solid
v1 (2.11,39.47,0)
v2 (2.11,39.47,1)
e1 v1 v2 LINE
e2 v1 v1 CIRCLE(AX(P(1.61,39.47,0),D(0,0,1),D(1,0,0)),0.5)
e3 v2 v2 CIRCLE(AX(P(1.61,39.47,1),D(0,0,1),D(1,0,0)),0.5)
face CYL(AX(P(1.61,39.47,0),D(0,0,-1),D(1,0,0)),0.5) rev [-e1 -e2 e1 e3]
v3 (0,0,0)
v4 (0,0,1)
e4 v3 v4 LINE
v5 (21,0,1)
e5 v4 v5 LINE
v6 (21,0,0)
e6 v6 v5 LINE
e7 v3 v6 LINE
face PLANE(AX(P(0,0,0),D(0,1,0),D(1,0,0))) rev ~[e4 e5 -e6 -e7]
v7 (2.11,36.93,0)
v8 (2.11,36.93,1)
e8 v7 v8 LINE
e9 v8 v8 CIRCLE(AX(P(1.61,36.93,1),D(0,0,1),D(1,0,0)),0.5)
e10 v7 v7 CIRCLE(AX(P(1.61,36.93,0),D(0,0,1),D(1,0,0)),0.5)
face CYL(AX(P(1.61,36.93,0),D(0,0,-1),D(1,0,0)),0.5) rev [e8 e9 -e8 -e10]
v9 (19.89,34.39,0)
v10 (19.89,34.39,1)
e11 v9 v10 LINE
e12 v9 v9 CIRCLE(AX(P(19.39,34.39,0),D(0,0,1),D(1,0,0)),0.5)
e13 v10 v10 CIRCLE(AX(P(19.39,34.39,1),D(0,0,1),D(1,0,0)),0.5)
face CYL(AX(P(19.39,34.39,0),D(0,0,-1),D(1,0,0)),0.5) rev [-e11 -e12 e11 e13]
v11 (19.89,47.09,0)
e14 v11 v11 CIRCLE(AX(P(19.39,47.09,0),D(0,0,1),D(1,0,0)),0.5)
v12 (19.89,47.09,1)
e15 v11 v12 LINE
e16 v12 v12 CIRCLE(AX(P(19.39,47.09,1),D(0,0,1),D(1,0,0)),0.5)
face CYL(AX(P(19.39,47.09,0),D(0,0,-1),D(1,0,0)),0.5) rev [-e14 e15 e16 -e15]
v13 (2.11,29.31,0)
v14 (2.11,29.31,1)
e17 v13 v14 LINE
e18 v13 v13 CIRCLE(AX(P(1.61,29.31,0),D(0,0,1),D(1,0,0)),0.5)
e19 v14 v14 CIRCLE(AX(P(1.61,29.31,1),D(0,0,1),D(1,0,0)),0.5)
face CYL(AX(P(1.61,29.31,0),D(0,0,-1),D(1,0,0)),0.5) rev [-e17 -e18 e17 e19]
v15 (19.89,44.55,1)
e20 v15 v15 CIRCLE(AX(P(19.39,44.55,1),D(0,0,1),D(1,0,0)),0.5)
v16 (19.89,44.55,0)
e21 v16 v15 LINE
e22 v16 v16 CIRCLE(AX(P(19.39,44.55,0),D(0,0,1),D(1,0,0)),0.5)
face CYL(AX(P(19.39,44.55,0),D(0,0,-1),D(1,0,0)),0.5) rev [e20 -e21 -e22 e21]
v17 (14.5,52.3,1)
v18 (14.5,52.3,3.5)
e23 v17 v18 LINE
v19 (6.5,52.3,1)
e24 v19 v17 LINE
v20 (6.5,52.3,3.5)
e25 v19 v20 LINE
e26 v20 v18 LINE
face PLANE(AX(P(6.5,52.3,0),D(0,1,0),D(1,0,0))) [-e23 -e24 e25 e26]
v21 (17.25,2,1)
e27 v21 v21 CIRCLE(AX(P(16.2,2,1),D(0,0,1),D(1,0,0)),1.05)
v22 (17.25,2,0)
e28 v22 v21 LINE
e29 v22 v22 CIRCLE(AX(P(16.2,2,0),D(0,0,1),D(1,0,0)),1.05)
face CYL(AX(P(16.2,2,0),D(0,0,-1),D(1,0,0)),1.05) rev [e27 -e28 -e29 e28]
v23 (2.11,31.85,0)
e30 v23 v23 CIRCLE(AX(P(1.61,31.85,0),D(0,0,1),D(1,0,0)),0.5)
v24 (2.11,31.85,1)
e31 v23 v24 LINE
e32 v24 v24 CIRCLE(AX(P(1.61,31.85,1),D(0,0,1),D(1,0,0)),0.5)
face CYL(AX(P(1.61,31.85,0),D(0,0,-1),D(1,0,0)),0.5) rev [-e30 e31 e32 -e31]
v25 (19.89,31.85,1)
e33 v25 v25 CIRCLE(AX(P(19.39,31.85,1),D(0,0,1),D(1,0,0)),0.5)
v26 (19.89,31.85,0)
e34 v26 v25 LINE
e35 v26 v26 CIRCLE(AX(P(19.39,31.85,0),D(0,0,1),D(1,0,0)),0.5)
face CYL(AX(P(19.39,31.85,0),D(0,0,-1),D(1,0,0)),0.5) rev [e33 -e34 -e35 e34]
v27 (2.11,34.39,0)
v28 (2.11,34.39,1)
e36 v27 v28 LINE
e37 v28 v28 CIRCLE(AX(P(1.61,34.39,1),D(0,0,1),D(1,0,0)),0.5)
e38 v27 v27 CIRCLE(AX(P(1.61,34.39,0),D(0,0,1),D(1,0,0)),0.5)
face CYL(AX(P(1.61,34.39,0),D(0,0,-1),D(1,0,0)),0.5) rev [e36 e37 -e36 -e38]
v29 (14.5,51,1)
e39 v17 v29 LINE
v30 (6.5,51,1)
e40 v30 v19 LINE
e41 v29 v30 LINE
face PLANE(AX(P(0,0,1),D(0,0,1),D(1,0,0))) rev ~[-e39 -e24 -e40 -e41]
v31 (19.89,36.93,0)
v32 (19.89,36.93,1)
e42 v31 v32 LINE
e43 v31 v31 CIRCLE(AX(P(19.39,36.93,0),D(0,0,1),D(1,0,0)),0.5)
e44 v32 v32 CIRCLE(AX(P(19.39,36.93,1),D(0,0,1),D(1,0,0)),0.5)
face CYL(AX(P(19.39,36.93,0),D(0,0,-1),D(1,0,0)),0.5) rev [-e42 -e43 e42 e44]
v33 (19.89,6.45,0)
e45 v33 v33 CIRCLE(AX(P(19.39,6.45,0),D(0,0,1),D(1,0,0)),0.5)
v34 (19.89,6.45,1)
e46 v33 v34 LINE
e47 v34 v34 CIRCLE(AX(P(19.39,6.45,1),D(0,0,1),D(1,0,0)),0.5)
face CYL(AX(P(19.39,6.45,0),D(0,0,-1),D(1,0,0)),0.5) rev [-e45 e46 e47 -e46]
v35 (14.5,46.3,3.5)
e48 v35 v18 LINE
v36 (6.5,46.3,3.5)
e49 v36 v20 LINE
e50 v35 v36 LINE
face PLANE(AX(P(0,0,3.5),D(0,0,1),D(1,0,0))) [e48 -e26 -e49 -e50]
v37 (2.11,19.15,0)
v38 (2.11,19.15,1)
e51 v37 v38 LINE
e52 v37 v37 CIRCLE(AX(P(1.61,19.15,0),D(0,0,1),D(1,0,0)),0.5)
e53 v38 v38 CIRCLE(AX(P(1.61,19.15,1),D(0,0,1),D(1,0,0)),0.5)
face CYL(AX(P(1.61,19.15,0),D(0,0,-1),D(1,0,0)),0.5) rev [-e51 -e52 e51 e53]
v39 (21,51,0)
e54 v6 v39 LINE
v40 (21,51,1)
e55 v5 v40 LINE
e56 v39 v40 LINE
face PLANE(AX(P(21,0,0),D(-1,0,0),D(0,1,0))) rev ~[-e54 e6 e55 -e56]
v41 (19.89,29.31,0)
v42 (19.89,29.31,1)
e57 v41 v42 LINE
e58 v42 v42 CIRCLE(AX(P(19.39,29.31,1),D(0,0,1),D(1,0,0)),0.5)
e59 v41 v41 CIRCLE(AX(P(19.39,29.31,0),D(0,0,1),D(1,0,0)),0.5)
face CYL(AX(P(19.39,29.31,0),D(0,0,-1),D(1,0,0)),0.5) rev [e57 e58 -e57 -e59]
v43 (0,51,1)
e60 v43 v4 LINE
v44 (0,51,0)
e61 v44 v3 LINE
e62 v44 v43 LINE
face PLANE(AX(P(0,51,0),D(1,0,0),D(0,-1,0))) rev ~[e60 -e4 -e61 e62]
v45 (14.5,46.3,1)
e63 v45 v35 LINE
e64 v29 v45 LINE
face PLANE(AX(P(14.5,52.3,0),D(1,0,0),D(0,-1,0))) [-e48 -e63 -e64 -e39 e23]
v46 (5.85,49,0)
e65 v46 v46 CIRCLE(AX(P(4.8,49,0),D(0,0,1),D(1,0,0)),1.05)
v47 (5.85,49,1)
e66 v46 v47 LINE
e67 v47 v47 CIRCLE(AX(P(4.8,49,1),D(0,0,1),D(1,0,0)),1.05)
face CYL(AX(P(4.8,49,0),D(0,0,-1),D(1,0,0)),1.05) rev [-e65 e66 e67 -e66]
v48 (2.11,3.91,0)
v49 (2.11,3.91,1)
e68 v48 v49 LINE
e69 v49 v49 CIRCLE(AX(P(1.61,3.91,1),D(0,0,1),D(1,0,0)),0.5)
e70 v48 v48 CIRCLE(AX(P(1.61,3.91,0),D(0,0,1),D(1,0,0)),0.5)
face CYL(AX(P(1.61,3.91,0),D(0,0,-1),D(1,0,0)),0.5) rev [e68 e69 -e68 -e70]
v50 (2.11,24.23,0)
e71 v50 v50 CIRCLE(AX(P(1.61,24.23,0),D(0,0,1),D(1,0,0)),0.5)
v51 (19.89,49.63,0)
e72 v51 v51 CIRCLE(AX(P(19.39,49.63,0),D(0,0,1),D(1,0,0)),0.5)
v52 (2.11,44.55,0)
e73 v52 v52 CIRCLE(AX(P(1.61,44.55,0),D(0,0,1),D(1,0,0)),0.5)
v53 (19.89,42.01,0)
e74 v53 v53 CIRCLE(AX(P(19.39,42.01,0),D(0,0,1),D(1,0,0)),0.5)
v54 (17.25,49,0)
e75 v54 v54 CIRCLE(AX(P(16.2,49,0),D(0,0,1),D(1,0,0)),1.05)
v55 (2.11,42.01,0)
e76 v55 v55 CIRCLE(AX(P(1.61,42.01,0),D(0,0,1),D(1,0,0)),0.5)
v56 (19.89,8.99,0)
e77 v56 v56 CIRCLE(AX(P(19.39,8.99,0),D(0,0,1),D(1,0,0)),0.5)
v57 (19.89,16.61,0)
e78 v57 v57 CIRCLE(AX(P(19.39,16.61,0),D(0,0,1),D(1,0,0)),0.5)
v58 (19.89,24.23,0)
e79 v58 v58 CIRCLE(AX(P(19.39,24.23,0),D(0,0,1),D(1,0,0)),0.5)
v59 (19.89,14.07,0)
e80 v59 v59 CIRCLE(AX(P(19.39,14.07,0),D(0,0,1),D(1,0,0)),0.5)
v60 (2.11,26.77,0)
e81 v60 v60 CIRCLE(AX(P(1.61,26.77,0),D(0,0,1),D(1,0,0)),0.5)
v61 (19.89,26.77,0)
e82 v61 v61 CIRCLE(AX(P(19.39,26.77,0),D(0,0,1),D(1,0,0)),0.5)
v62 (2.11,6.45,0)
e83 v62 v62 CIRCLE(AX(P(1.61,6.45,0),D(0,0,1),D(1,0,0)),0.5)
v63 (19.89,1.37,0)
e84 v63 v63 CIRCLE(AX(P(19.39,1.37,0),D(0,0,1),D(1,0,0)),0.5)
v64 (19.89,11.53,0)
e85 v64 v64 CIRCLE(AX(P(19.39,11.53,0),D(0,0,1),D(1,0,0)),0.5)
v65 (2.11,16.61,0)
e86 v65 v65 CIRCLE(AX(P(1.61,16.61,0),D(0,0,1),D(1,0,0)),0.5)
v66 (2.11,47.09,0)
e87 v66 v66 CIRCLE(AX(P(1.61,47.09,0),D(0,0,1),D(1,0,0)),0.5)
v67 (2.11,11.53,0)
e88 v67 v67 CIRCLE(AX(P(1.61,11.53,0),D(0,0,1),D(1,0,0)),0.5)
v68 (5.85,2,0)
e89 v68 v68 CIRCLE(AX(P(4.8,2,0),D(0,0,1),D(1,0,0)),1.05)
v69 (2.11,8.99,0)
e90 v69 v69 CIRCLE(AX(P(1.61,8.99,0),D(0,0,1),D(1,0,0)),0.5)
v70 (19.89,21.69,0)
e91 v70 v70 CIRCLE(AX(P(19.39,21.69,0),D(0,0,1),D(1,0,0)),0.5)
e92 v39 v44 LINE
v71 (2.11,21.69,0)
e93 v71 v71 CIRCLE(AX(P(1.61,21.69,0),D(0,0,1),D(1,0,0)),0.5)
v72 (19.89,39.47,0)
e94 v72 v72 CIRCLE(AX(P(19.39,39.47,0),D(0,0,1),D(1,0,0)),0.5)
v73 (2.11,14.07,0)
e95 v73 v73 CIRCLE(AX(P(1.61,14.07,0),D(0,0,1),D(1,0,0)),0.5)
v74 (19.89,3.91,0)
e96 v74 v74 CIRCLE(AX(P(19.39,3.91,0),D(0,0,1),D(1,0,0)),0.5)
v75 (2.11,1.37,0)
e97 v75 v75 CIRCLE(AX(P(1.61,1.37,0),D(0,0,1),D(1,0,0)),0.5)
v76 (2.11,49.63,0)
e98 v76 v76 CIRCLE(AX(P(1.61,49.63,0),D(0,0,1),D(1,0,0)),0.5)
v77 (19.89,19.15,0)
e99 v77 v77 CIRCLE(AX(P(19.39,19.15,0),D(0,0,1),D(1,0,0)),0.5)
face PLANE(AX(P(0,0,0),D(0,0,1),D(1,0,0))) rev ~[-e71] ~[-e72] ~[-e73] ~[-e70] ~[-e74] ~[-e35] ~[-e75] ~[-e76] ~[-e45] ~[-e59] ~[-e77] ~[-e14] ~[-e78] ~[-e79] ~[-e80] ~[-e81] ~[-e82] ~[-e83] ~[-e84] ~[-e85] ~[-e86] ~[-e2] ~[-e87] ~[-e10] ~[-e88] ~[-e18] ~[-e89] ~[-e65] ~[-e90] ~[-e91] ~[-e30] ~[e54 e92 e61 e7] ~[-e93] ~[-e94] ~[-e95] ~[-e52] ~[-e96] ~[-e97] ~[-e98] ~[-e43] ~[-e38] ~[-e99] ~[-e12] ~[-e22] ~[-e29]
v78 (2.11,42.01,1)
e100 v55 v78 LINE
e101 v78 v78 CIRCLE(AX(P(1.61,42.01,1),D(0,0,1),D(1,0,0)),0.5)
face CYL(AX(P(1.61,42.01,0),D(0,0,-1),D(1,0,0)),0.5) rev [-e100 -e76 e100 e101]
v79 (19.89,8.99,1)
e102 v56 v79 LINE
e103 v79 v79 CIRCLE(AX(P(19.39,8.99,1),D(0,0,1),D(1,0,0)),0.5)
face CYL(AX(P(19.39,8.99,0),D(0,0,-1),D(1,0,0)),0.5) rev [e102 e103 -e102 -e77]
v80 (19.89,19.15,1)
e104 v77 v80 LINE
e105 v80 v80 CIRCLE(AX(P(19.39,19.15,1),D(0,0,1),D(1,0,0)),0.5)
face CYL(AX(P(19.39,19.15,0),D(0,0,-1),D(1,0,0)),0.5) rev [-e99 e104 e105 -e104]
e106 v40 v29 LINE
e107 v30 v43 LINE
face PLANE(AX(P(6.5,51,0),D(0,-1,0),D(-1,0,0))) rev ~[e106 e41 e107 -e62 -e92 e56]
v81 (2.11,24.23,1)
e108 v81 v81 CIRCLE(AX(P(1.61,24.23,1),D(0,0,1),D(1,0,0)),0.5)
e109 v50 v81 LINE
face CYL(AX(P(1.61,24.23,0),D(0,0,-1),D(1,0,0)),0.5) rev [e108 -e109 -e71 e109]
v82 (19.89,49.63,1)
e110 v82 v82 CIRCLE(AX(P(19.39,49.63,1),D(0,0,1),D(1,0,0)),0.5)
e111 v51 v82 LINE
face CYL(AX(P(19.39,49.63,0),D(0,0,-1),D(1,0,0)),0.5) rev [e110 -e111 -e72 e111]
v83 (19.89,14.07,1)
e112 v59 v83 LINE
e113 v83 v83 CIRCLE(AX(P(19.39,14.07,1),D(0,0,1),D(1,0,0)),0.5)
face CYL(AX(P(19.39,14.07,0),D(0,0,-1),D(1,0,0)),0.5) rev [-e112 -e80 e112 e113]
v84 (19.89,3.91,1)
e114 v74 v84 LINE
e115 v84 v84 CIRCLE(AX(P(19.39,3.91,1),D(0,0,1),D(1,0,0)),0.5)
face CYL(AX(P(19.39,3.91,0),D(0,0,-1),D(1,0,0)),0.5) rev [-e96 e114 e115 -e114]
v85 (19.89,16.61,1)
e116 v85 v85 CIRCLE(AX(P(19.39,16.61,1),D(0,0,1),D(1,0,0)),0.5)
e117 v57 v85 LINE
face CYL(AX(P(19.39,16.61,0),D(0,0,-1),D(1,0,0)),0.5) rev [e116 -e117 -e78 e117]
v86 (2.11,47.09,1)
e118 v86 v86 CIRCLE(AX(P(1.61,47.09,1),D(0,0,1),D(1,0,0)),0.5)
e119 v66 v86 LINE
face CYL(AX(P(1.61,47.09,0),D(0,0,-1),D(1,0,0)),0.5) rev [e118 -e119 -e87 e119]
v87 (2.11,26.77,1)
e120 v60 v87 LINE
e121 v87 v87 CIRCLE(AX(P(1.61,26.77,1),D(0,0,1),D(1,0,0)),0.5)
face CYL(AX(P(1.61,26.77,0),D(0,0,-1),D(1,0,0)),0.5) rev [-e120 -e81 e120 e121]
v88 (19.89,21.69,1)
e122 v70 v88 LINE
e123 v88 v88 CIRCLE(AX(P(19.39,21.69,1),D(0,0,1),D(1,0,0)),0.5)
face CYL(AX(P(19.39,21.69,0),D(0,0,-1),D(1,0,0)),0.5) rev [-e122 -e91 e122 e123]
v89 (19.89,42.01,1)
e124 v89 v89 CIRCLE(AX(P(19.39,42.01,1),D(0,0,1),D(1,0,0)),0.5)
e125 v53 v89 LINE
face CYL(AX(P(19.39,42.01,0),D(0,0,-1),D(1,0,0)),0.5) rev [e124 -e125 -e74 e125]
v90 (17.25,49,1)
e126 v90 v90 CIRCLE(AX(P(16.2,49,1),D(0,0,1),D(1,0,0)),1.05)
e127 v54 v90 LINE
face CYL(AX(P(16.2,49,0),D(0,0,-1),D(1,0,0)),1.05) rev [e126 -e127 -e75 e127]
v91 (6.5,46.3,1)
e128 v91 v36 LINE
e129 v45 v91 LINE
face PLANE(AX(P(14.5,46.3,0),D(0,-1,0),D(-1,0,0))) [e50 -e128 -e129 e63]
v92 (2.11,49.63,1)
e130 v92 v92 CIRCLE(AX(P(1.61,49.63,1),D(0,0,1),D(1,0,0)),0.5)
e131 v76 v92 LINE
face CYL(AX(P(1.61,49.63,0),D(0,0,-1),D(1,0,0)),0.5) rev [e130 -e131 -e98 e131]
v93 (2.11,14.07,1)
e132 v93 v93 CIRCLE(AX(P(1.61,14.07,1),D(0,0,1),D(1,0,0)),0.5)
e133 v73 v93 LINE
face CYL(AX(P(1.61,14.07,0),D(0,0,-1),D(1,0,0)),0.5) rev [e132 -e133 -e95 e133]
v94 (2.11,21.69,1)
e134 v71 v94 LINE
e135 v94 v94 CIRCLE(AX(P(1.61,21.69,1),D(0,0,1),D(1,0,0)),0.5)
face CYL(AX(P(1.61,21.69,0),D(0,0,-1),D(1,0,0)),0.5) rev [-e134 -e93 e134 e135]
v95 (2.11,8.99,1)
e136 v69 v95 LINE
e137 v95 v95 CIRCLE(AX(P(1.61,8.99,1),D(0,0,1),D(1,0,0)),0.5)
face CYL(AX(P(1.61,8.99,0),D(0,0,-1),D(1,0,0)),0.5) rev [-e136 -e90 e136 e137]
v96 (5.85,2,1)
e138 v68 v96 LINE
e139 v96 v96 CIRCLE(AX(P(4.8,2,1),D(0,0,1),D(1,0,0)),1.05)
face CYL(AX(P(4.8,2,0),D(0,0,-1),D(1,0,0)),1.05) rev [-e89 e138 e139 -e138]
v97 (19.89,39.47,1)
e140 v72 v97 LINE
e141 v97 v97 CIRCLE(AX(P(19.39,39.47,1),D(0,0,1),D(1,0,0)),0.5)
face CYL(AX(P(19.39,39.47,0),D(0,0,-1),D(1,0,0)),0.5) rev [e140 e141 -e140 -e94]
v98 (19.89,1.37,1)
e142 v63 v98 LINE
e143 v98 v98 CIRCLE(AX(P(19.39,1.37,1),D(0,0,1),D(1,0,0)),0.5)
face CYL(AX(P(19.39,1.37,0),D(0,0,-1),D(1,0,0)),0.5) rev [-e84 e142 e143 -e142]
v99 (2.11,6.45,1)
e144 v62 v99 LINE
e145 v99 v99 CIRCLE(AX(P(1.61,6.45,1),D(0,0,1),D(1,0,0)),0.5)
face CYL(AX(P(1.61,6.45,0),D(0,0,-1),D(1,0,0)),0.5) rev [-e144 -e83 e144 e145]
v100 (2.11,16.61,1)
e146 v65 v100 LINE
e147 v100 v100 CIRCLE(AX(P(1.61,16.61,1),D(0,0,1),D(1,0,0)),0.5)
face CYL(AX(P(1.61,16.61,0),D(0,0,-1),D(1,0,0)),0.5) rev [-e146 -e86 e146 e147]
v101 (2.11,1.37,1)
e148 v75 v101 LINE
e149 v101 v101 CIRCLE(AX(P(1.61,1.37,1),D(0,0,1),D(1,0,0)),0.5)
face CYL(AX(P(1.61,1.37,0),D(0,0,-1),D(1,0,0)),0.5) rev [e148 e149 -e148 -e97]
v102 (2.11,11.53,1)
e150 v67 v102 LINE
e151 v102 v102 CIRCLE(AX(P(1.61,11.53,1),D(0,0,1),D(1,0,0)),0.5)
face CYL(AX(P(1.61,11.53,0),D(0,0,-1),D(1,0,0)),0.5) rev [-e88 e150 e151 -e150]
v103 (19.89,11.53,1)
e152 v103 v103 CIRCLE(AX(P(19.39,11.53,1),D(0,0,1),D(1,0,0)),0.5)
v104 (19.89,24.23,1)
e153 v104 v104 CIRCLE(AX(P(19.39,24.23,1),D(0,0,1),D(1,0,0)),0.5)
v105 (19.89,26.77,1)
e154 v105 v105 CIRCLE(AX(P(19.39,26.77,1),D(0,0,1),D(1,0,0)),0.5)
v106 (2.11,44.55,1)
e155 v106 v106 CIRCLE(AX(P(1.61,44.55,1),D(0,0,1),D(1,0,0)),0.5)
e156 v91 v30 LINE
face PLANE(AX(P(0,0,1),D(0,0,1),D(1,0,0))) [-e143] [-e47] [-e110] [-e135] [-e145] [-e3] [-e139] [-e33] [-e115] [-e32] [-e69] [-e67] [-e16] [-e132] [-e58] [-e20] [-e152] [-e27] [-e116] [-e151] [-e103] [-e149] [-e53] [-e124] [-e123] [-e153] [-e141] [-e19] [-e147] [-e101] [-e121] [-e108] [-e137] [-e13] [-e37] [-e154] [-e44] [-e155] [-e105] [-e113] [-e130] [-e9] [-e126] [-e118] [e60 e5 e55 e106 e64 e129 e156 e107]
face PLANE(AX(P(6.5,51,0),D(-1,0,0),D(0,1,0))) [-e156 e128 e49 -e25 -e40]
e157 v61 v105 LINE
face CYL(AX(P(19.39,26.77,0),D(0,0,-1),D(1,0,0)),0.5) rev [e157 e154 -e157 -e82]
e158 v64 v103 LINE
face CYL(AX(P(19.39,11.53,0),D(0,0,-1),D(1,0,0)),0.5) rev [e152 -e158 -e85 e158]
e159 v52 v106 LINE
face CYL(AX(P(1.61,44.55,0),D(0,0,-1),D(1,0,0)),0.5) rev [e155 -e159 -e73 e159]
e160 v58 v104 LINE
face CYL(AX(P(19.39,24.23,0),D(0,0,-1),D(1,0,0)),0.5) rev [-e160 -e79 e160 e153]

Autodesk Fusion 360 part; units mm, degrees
sketch "Skizze1" plane through (0, 0, 0) normal (0, 0, 1) x (1, 0, 0)
  line L0 (0, 0) -> (21, 0)
  line L1 (21, 0) -> (21, 51)
  line L2 (21, 51) -> (0, 51)
  line L3 (0, 51) -> (0, 0)
  circle A0 centre (4.8, 49) radius 1.05
  circle A1 centre (16.2, 49) radius 1.05
  circle A2 centre (4.8, 2) radius 1.05
  circle A3 centre (16.2, 2) radius 1.05
  line L4 (6.5, 52.3) -> (14.5, 52.3)
  line L5 (14.5, 52.3) -> (14.5, 46.3)
  line L6 (14.5, 46.3) -> (6.5, 46.3)
  line L7 (6.5, 46.3) -> (6.5, 52.3)
  circle A4 centre (1.61, 49.63) radius 0.5
  circle A5 centre (19.39, 49.63) radius 0.5
  circle A6 centre (1.61, 47.09) radius 0.5
  circle A7 centre (19.39, 47.09) radius 0.5
  circle A8 centre (1.61, 44.55) radius 0.5
  circle A9 centre (19.39, 44.55) radius 0.5
  circle A10 centre (1.61, 42.01) radius 0.5
  circle A11 centre (19.39, 42.01) radius 0.5
  circle A12 centre (1.61, 39.47) radius 0.5
  circle A13 centre (19.39, 39.47) radius 0.5
  circle A14 centre (1.61, 36.93) radius 0.5
  circle A15 centre (19.39, 36.93) radius 0.5
  circle A16 centre (1.61, 34.39) radius 0.5
  circle A17 centre (19.39, 34.39) radius 0.5
  circle A18 centre (1.61, 31.85) radius 0.5
  circle A19 centre (19.39, 31.85) radius 0.5
  circle A20 centre (1.61, 29.31) radius 0.5
  circle A21 centre (19.39, 29.31) radius 0.5
  circle A22 centre (1.61, 26.77) radius 0.5
  circle A23 centre (19.39, 26.77) radius 0.5
  circle A24 centre (1.61, 24.23) radius 0.5
  circle A25 centre (19.39, 24.23) radius 0.5
  circle A26 centre (1.61, 21.69) radius 0.5
  circle A27 centre (19.39, 21.69) radius 0.5
  circle A28 centre (1.61, 19.15) radius 0.5
  circle A29 centre (19.39, 19.15) radius 0.5
  circle A30 centre (1.61, 16.61) radius 0.5
  circle A31 centre (19.39, 16.61) radius 0.5
  circle A32 centre (1.61, 14.07) radius 0.5
  circle A33 centre (19.39, 14.07) radius 0.5
  circle A34 centre (1.61, 11.53) radius 0.5
  circle A35 centre (19.39, 11.53) radius 0.5
  circle A36 centre (1.61, 8.99) radius 0.5
  circle A37 centre (19.39, 8.99) radius 0.5
  circle A38 centre (1.61, 6.45) radius 0.5
  circle A39 centre (19.39, 6.45) radius 0.5
  circle A40 centre (1.61, 3.91) radius 0.5
  circle A41 centre (19.39, 3.91) radius 0.5
  circle A42 centre (1.61, 1.37) radius 0.5
  circle A43 centre (19.39, 1.37) radius 0.5
  dimension "d1" = 21
  dimension "d2" = 51
  dimension "d3" = 2.1
  dimension "d4" = 4.8
  dimension "d5" = 2
  dimension "d8" = 11.4
  dimension "d9" = -47
  dimension "d10" = 8
  dimension "d11" = 6
  dimension "d12" = 1.3
  dimension "d13" = 6.5
  dimension "d20" = 1
  dimension "d21" = 1.37
  dimension "d22" = 1.61
  dimension "d25" = 17.78
  dimension "d26" = -2.54
extrude "Extrusion4" add sketch "Skizze1" along normal blind 1 contours L0 L1 L2 L3 L5 L6 L7
extrude "Extrusion2" add sketch "Skizze1" along normal blind 3.5 contours L2 L4 L5 L7 | L2 L5 L6 L7
extrude "Extrusion3" cut sketch "Skizze1" along normal blind 1 contours L2 L4 L5 L7
